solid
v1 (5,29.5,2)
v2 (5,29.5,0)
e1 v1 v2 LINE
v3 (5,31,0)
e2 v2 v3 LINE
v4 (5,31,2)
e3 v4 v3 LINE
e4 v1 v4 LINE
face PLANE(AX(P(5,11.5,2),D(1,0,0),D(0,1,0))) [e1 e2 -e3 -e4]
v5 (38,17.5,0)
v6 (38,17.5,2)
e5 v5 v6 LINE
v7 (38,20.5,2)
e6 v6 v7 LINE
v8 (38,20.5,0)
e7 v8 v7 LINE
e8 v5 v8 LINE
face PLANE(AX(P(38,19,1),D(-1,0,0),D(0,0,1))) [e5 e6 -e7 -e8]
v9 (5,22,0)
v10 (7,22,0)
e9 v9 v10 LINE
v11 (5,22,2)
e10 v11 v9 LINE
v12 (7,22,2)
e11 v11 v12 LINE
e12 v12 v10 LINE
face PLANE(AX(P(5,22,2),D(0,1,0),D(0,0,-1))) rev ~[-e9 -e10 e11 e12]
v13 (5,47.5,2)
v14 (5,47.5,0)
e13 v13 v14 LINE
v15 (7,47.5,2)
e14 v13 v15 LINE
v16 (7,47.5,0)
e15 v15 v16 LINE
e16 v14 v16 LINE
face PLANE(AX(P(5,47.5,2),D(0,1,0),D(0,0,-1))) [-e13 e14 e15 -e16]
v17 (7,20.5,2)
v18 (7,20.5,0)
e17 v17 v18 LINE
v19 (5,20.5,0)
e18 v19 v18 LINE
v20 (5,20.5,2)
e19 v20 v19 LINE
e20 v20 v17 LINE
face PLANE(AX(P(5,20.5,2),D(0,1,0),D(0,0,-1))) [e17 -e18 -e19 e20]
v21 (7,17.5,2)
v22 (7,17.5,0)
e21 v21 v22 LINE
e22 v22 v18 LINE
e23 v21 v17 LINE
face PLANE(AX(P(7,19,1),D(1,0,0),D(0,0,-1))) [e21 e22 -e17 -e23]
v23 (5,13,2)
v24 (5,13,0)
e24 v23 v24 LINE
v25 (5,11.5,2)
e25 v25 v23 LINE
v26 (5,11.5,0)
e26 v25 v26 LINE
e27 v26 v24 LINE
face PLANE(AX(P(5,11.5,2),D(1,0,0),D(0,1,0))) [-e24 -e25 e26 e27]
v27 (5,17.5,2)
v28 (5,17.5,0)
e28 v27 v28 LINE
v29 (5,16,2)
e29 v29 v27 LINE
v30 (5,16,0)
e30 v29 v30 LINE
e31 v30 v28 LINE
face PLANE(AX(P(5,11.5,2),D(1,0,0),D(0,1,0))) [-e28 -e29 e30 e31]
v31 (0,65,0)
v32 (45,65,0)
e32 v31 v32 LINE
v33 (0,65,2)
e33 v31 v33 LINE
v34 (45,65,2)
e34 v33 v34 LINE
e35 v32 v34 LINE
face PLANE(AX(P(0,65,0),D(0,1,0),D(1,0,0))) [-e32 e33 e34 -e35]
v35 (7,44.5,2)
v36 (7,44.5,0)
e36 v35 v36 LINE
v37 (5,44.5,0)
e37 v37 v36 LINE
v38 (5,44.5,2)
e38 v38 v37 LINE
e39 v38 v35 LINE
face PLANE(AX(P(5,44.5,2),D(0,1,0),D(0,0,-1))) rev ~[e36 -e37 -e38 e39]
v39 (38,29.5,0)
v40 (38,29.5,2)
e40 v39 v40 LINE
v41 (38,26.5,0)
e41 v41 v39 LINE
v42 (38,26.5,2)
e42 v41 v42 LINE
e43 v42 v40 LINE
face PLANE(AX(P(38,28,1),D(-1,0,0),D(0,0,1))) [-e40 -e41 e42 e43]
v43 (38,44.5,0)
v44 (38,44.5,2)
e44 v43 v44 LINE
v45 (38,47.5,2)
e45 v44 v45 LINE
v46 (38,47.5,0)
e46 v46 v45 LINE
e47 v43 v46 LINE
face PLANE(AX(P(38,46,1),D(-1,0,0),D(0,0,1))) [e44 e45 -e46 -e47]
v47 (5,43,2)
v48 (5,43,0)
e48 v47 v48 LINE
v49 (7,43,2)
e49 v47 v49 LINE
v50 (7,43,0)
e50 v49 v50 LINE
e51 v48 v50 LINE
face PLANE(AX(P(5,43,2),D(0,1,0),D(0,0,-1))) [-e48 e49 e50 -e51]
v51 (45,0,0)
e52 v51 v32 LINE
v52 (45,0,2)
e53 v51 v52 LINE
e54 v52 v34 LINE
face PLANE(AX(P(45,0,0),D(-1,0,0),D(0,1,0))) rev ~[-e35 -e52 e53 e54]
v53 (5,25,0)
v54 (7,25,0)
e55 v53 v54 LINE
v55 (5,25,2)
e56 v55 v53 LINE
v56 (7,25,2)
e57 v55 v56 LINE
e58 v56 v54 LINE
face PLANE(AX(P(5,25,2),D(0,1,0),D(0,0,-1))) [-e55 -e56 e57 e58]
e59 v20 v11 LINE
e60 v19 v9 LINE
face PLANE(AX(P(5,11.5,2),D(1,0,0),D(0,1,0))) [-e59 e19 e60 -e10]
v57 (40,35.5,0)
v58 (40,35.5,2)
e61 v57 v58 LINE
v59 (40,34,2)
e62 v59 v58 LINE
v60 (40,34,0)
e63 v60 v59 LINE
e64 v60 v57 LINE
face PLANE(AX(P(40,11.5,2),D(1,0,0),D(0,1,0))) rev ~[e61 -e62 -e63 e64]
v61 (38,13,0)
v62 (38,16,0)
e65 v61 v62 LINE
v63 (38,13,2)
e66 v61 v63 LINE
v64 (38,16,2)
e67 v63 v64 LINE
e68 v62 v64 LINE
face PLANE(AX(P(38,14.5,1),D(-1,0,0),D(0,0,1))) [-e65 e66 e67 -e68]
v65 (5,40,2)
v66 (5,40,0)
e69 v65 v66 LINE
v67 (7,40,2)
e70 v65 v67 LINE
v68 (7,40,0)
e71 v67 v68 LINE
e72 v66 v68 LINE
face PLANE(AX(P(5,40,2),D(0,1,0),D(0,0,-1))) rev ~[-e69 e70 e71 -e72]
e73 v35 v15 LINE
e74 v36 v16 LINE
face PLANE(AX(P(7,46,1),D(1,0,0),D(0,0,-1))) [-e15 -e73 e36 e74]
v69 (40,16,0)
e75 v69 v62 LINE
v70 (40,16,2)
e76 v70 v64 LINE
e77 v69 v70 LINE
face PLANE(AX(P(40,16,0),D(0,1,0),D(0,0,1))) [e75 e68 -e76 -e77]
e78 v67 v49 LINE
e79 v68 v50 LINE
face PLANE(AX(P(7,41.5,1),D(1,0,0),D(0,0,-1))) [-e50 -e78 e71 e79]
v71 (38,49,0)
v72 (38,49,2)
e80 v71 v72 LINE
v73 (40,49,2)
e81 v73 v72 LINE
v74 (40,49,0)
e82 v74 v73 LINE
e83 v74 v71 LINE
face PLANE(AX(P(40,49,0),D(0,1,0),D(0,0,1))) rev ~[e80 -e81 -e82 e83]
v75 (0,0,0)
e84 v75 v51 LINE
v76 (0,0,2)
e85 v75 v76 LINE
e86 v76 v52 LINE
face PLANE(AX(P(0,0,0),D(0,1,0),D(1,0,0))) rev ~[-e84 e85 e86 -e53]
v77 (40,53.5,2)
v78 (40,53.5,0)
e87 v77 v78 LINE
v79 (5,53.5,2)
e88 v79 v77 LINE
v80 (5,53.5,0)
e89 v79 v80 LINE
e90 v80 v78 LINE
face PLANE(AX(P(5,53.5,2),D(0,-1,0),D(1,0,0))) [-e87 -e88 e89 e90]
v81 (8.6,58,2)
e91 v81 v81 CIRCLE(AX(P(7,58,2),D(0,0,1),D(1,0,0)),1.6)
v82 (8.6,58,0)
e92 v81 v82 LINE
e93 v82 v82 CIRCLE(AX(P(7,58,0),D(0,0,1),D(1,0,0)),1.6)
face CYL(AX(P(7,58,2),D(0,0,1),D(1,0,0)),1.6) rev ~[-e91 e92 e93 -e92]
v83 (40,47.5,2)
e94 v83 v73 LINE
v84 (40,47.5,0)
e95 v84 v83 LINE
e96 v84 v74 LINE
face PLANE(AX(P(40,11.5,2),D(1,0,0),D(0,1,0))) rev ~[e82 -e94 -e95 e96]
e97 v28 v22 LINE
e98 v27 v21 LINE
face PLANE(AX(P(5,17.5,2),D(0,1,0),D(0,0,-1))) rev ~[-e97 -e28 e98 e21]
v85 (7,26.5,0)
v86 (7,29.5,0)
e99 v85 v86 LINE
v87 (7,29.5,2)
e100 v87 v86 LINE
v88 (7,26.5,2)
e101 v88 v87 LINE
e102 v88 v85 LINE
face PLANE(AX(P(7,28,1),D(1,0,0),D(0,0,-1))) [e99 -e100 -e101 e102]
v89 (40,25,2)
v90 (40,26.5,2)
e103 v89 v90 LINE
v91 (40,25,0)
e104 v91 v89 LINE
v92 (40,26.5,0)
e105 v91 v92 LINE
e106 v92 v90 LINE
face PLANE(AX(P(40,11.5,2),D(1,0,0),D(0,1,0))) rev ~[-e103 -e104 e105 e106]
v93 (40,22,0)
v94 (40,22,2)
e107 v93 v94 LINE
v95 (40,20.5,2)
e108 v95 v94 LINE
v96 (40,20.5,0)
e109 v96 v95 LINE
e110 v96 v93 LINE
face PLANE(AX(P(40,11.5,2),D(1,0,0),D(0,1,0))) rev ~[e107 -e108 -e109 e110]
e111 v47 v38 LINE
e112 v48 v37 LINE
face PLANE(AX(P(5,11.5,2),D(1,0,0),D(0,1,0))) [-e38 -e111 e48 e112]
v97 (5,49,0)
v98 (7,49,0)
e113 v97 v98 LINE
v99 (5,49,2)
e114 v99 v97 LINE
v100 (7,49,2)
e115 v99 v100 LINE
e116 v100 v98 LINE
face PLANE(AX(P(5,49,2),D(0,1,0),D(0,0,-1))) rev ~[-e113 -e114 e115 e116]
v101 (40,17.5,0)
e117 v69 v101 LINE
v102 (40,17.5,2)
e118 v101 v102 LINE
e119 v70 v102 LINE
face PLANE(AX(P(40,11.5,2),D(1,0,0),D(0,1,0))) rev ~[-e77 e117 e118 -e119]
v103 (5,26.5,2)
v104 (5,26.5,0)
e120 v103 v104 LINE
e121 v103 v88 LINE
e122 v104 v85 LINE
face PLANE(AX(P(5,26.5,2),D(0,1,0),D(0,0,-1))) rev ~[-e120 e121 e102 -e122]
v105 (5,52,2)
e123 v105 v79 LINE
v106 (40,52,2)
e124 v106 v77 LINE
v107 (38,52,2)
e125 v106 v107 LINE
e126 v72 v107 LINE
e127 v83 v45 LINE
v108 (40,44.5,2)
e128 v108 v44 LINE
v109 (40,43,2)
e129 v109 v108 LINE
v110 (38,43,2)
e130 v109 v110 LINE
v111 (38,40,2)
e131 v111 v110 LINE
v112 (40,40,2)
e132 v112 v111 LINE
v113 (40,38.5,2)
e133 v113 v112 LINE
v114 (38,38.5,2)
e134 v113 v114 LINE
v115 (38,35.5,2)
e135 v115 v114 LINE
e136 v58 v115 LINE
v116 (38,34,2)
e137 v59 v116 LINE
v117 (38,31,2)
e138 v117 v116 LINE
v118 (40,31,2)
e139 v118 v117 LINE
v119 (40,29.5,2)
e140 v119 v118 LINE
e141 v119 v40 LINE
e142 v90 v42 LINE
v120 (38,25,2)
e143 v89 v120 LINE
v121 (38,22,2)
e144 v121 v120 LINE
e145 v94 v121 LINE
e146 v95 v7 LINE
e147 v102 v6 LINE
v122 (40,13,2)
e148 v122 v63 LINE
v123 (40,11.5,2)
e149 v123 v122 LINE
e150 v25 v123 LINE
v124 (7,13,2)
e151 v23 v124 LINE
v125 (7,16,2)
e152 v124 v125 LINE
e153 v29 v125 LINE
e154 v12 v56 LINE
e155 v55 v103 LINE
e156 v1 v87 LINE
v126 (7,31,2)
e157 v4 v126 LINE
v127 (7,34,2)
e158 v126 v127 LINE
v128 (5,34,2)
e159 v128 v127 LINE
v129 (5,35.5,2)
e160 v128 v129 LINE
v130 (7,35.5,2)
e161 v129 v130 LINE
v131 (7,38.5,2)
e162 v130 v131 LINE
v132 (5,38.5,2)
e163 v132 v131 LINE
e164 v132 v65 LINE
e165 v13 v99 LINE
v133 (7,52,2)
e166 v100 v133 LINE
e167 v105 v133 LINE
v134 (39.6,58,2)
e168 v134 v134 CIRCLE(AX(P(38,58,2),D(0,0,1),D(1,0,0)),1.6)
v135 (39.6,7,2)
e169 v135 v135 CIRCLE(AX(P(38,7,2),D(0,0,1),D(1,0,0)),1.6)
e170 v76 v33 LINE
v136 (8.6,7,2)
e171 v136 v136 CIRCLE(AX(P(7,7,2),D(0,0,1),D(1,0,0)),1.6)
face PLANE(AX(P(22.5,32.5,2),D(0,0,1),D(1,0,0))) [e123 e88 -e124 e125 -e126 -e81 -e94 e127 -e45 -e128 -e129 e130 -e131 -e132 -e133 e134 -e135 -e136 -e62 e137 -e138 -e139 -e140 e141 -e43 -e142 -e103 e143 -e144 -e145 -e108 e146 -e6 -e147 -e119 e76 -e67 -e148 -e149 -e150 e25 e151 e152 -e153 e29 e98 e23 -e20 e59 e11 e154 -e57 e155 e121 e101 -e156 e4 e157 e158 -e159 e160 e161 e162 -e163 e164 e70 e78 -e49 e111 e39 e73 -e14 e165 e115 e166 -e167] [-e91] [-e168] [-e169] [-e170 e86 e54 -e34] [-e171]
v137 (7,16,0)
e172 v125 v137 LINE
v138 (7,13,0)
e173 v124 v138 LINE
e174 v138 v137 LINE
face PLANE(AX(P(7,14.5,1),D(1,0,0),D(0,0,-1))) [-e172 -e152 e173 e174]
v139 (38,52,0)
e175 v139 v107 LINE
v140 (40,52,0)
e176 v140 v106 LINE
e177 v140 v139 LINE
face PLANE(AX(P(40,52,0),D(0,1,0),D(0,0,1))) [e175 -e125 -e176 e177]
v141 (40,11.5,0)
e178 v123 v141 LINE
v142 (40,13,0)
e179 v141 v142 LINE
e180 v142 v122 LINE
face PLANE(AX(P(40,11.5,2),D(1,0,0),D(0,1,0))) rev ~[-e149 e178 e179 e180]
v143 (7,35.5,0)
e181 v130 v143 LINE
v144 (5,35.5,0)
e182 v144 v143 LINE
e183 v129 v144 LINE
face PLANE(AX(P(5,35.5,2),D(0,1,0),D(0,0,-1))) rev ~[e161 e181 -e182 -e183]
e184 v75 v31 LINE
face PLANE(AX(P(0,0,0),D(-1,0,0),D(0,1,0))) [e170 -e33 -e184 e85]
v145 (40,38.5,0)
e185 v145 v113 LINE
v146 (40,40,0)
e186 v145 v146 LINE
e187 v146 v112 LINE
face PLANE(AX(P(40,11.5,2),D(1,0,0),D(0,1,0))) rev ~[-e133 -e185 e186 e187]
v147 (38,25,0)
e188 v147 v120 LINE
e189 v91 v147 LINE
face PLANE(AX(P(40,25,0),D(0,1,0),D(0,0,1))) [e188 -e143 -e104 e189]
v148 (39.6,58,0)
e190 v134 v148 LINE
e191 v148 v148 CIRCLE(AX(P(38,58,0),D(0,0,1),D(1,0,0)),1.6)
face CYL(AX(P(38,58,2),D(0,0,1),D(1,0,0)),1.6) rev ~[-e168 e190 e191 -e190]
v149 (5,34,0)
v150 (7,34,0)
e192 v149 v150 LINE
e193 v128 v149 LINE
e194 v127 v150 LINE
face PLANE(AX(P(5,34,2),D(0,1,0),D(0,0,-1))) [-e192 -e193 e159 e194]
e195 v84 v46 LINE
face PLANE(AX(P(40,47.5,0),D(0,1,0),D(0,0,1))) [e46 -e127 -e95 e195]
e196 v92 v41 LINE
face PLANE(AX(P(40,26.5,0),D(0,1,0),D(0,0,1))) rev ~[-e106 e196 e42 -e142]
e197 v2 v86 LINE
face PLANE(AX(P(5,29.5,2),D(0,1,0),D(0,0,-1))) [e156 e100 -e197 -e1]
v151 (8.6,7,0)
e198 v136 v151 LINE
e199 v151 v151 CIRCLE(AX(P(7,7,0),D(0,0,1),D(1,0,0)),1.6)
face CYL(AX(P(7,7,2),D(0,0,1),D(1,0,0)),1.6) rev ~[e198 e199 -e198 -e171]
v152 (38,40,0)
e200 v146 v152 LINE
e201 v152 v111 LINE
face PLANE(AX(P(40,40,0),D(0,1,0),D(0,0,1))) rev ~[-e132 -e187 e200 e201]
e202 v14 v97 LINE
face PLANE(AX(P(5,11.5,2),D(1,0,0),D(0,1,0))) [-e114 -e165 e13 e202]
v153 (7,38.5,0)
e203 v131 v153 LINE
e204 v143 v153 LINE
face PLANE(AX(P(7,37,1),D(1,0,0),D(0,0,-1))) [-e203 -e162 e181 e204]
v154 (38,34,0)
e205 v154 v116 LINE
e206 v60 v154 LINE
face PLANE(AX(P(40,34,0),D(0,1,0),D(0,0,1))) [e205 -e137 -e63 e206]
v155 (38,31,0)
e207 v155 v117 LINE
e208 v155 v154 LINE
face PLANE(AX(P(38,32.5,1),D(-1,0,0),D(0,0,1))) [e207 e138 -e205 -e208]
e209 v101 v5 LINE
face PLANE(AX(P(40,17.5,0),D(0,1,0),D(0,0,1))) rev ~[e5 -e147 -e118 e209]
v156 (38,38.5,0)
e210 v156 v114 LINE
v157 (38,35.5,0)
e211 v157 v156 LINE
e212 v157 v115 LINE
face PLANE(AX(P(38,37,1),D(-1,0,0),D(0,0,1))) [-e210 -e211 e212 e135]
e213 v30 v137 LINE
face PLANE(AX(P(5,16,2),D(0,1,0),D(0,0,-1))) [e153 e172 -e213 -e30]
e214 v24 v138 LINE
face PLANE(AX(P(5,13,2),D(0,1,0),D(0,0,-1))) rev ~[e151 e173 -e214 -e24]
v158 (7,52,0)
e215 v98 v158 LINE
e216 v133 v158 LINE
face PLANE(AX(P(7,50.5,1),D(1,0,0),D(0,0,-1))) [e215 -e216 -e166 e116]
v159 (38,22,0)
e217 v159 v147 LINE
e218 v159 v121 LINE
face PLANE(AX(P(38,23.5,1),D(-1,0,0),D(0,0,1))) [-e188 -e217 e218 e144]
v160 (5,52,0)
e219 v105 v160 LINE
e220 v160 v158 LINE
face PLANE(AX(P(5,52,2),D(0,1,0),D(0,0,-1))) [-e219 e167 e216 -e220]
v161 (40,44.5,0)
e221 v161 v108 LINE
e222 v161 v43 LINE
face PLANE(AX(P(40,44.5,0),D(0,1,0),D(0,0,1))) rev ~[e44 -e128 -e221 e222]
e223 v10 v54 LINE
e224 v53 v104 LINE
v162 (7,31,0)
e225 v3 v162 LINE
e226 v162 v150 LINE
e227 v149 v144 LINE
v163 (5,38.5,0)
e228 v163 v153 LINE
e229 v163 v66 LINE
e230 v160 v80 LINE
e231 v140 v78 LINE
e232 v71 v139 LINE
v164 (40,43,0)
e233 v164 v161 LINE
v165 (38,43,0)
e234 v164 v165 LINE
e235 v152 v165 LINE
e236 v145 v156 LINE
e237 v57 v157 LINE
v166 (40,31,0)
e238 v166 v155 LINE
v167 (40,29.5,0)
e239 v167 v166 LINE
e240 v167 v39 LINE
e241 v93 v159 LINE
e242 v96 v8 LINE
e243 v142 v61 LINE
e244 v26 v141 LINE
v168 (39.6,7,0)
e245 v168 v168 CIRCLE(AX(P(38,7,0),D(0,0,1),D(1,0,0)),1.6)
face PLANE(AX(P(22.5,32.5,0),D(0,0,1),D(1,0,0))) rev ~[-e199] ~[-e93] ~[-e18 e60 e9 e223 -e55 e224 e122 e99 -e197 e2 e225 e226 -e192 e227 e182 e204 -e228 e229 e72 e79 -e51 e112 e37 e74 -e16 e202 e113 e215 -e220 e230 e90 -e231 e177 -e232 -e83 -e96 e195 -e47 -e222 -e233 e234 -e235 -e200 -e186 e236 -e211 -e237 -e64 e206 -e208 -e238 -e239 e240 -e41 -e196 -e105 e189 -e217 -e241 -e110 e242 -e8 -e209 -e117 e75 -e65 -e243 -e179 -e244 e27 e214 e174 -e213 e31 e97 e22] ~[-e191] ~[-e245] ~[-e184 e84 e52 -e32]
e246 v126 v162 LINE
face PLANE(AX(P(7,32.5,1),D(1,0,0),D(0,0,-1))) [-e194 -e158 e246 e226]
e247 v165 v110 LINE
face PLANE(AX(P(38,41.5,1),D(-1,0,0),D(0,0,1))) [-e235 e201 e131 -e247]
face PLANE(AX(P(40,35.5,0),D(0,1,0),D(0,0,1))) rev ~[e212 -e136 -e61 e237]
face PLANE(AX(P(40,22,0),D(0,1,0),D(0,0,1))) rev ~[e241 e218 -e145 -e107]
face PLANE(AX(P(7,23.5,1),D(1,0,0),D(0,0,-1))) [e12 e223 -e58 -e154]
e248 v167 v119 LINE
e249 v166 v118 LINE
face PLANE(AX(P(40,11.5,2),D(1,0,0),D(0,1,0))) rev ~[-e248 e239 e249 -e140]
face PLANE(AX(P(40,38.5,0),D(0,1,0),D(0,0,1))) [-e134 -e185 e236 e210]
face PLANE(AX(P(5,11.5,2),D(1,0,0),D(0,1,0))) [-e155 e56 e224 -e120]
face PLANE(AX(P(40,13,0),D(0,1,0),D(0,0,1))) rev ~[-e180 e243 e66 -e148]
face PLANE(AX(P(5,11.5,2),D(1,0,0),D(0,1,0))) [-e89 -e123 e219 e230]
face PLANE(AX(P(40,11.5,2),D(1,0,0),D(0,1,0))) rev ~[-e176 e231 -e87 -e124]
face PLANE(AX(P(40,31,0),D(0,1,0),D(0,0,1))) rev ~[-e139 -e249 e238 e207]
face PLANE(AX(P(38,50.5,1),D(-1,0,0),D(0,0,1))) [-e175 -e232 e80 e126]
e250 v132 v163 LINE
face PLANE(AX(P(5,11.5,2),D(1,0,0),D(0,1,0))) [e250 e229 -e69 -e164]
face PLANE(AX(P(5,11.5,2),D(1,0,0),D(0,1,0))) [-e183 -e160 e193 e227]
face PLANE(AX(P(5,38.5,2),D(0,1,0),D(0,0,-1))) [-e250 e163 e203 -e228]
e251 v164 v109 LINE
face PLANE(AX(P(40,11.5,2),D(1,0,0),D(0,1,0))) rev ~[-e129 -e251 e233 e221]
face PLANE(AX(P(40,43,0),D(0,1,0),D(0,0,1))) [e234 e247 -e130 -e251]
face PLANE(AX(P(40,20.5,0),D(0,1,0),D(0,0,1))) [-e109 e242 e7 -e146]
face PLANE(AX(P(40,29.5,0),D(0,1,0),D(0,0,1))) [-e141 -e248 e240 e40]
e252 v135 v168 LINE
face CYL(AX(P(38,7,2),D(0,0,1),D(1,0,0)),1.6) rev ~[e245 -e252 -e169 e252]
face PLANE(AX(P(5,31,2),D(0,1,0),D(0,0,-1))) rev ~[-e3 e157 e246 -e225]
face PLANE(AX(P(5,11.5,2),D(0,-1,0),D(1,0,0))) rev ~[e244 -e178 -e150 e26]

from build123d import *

# Parameters (mm, degrees)
SKIZZE1_W                       = 45
SKIZZE1_H                       = 65
AUFSATZ_LINEAR_AUSTRAGEN1_DEPTH = 2
SKIZZE3_W                       = 35
SKIZZE3_H                       = 42
SCHNITT_LINEAR_AUSTRAGEN1_DEPTH = 2
SKIZZE4_W                       = 2
SKIZZE4_H                       = 3
AUFSATZ_LINEAR_AUSTRAGEN2_DEPTH = 2
SKIZZE5_W                       = 2
SKIZZE5_H                       = 3
AUFSATZ_LINEAR_AUSTRAGEN3_DEPTH = 2
SKIZZE6_R                       = 1.6
SCHNITT_LINEAR_AUSTRAGEN2_DEPTH = 2


with BuildPart() as part:
    # Skizze1 → Aufsatz-Linear austragen1 (new body)
    with BuildSketch(Plane.XY):
        with Locations((22.5, 32.5)):
            Rectangle(SKIZZE1_W, SKIZZE1_H)
    extrude(amount=AUFSATZ_LINEAR_AUSTRAGEN1_DEPTH)

    # Skizze3 → Schnitt-Linear austragen1 (cut)
    with BuildSketch(Plane.XY.offset(2)):
        with Locations((22.5, 32.5)):
            Rectangle(SKIZZE3_W, SKIZZE3_H)
    extrude(amount=-SCHNITT_LINEAR_AUSTRAGEN1_DEPTH, mode=Mode.SUBTRACT)

    # Skizze4 → Aufsatz-Linear austragen2 (add)
    with BuildSketch(Plane(origin=(5, 0, 0), x_dir=(0, 0, -1), z_dir=(1, 0, 0))):
        with Locations((-1, 50.5)):
            Rectangle(SKIZZE4_W, SKIZZE4_H)
        with Locations((-1, 46)):
            Rectangle(SKIZZE4_W, SKIZZE4_H)
        with Locations((-1, 41.5)):
            Rectangle(SKIZZE4_W, SKIZZE4_H)
        with Locations((-1, 37)):
            Rectangle(SKIZZE4_W, SKIZZE4_H)
        with Locations((-1, 32.5)):
            Rectangle(SKIZZE4_W, SKIZZE4_H)
        with Locations((-1, 28)):
            Rectangle(SKIZZE4_W, SKIZZE4_H)
        with Locations((-1, 23.5)):
            Rectangle(SKIZZE4_W, SKIZZE4_H)
        with Locations((-1, 19)):
            Rectangle(SKIZZE4_W, SKIZZE4_H)
        with Locations((-1, 14.5)):
            Rectangle(SKIZZE4_W, SKIZZE4_H)
    extrude(amount=AUFSATZ_LINEAR_AUSTRAGEN2_DEPTH)

    # Skizze5 → Aufsatz-Linear austragen3 (add)
    with BuildSketch(Plane.ZY.offset(-40)):
        with Locations((1, 50.5)):
            Rectangle(SKIZZE5_W, SKIZZE5_H)
        with Locations((1, 46)):
            Rectangle(SKIZZE5_W, SKIZZE5_H)
        with Locations((1, 41.5)):
            Rectangle(SKIZZE5_W, SKIZZE5_H)
        with Locations((1, 37)):
            Rectangle(SKIZZE5_W, SKIZZE5_H)
        with Locations((1, 32.5)):
            Rectangle(SKIZZE5_W, SKIZZE5_H)
        with Locations((1, 28)):
            Rectangle(SKIZZE5_W, SKIZZE5_H)
        with Locations((1, 23.5)):
            Rectangle(SKIZZE5_W, SKIZZE5_H)
        with Locations((1, 19)):
            Rectangle(SKIZZE5_W, SKIZZE5_H)
        with Locations((1, 14.5)):
            Rectangle(SKIZZE5_W, SKIZZE5_H)
    extrude(amount=AUFSATZ_LINEAR_AUSTRAGEN3_DEPTH)

    # Skizze6 → Schnitt-Linear austragen2 (cut)
    with BuildSketch(Plane.XY.offset(2)):
        with Locations((7, 58)):
            Circle(SKIZZE6_R)
        with Locations((38, 58)):
            Circle(SKIZZE6_R)
        with Locations((38, 7)):
            Circle(SKIZZE6_R)
        with Locations((7, 7)):
            Circle(SKIZZE6_R)
    extrude(amount=-SCHNITT_LINEAR_AUSTRAGEN2_DEPTH, mode=Mode.SUBTRACT)


solid = part.part
